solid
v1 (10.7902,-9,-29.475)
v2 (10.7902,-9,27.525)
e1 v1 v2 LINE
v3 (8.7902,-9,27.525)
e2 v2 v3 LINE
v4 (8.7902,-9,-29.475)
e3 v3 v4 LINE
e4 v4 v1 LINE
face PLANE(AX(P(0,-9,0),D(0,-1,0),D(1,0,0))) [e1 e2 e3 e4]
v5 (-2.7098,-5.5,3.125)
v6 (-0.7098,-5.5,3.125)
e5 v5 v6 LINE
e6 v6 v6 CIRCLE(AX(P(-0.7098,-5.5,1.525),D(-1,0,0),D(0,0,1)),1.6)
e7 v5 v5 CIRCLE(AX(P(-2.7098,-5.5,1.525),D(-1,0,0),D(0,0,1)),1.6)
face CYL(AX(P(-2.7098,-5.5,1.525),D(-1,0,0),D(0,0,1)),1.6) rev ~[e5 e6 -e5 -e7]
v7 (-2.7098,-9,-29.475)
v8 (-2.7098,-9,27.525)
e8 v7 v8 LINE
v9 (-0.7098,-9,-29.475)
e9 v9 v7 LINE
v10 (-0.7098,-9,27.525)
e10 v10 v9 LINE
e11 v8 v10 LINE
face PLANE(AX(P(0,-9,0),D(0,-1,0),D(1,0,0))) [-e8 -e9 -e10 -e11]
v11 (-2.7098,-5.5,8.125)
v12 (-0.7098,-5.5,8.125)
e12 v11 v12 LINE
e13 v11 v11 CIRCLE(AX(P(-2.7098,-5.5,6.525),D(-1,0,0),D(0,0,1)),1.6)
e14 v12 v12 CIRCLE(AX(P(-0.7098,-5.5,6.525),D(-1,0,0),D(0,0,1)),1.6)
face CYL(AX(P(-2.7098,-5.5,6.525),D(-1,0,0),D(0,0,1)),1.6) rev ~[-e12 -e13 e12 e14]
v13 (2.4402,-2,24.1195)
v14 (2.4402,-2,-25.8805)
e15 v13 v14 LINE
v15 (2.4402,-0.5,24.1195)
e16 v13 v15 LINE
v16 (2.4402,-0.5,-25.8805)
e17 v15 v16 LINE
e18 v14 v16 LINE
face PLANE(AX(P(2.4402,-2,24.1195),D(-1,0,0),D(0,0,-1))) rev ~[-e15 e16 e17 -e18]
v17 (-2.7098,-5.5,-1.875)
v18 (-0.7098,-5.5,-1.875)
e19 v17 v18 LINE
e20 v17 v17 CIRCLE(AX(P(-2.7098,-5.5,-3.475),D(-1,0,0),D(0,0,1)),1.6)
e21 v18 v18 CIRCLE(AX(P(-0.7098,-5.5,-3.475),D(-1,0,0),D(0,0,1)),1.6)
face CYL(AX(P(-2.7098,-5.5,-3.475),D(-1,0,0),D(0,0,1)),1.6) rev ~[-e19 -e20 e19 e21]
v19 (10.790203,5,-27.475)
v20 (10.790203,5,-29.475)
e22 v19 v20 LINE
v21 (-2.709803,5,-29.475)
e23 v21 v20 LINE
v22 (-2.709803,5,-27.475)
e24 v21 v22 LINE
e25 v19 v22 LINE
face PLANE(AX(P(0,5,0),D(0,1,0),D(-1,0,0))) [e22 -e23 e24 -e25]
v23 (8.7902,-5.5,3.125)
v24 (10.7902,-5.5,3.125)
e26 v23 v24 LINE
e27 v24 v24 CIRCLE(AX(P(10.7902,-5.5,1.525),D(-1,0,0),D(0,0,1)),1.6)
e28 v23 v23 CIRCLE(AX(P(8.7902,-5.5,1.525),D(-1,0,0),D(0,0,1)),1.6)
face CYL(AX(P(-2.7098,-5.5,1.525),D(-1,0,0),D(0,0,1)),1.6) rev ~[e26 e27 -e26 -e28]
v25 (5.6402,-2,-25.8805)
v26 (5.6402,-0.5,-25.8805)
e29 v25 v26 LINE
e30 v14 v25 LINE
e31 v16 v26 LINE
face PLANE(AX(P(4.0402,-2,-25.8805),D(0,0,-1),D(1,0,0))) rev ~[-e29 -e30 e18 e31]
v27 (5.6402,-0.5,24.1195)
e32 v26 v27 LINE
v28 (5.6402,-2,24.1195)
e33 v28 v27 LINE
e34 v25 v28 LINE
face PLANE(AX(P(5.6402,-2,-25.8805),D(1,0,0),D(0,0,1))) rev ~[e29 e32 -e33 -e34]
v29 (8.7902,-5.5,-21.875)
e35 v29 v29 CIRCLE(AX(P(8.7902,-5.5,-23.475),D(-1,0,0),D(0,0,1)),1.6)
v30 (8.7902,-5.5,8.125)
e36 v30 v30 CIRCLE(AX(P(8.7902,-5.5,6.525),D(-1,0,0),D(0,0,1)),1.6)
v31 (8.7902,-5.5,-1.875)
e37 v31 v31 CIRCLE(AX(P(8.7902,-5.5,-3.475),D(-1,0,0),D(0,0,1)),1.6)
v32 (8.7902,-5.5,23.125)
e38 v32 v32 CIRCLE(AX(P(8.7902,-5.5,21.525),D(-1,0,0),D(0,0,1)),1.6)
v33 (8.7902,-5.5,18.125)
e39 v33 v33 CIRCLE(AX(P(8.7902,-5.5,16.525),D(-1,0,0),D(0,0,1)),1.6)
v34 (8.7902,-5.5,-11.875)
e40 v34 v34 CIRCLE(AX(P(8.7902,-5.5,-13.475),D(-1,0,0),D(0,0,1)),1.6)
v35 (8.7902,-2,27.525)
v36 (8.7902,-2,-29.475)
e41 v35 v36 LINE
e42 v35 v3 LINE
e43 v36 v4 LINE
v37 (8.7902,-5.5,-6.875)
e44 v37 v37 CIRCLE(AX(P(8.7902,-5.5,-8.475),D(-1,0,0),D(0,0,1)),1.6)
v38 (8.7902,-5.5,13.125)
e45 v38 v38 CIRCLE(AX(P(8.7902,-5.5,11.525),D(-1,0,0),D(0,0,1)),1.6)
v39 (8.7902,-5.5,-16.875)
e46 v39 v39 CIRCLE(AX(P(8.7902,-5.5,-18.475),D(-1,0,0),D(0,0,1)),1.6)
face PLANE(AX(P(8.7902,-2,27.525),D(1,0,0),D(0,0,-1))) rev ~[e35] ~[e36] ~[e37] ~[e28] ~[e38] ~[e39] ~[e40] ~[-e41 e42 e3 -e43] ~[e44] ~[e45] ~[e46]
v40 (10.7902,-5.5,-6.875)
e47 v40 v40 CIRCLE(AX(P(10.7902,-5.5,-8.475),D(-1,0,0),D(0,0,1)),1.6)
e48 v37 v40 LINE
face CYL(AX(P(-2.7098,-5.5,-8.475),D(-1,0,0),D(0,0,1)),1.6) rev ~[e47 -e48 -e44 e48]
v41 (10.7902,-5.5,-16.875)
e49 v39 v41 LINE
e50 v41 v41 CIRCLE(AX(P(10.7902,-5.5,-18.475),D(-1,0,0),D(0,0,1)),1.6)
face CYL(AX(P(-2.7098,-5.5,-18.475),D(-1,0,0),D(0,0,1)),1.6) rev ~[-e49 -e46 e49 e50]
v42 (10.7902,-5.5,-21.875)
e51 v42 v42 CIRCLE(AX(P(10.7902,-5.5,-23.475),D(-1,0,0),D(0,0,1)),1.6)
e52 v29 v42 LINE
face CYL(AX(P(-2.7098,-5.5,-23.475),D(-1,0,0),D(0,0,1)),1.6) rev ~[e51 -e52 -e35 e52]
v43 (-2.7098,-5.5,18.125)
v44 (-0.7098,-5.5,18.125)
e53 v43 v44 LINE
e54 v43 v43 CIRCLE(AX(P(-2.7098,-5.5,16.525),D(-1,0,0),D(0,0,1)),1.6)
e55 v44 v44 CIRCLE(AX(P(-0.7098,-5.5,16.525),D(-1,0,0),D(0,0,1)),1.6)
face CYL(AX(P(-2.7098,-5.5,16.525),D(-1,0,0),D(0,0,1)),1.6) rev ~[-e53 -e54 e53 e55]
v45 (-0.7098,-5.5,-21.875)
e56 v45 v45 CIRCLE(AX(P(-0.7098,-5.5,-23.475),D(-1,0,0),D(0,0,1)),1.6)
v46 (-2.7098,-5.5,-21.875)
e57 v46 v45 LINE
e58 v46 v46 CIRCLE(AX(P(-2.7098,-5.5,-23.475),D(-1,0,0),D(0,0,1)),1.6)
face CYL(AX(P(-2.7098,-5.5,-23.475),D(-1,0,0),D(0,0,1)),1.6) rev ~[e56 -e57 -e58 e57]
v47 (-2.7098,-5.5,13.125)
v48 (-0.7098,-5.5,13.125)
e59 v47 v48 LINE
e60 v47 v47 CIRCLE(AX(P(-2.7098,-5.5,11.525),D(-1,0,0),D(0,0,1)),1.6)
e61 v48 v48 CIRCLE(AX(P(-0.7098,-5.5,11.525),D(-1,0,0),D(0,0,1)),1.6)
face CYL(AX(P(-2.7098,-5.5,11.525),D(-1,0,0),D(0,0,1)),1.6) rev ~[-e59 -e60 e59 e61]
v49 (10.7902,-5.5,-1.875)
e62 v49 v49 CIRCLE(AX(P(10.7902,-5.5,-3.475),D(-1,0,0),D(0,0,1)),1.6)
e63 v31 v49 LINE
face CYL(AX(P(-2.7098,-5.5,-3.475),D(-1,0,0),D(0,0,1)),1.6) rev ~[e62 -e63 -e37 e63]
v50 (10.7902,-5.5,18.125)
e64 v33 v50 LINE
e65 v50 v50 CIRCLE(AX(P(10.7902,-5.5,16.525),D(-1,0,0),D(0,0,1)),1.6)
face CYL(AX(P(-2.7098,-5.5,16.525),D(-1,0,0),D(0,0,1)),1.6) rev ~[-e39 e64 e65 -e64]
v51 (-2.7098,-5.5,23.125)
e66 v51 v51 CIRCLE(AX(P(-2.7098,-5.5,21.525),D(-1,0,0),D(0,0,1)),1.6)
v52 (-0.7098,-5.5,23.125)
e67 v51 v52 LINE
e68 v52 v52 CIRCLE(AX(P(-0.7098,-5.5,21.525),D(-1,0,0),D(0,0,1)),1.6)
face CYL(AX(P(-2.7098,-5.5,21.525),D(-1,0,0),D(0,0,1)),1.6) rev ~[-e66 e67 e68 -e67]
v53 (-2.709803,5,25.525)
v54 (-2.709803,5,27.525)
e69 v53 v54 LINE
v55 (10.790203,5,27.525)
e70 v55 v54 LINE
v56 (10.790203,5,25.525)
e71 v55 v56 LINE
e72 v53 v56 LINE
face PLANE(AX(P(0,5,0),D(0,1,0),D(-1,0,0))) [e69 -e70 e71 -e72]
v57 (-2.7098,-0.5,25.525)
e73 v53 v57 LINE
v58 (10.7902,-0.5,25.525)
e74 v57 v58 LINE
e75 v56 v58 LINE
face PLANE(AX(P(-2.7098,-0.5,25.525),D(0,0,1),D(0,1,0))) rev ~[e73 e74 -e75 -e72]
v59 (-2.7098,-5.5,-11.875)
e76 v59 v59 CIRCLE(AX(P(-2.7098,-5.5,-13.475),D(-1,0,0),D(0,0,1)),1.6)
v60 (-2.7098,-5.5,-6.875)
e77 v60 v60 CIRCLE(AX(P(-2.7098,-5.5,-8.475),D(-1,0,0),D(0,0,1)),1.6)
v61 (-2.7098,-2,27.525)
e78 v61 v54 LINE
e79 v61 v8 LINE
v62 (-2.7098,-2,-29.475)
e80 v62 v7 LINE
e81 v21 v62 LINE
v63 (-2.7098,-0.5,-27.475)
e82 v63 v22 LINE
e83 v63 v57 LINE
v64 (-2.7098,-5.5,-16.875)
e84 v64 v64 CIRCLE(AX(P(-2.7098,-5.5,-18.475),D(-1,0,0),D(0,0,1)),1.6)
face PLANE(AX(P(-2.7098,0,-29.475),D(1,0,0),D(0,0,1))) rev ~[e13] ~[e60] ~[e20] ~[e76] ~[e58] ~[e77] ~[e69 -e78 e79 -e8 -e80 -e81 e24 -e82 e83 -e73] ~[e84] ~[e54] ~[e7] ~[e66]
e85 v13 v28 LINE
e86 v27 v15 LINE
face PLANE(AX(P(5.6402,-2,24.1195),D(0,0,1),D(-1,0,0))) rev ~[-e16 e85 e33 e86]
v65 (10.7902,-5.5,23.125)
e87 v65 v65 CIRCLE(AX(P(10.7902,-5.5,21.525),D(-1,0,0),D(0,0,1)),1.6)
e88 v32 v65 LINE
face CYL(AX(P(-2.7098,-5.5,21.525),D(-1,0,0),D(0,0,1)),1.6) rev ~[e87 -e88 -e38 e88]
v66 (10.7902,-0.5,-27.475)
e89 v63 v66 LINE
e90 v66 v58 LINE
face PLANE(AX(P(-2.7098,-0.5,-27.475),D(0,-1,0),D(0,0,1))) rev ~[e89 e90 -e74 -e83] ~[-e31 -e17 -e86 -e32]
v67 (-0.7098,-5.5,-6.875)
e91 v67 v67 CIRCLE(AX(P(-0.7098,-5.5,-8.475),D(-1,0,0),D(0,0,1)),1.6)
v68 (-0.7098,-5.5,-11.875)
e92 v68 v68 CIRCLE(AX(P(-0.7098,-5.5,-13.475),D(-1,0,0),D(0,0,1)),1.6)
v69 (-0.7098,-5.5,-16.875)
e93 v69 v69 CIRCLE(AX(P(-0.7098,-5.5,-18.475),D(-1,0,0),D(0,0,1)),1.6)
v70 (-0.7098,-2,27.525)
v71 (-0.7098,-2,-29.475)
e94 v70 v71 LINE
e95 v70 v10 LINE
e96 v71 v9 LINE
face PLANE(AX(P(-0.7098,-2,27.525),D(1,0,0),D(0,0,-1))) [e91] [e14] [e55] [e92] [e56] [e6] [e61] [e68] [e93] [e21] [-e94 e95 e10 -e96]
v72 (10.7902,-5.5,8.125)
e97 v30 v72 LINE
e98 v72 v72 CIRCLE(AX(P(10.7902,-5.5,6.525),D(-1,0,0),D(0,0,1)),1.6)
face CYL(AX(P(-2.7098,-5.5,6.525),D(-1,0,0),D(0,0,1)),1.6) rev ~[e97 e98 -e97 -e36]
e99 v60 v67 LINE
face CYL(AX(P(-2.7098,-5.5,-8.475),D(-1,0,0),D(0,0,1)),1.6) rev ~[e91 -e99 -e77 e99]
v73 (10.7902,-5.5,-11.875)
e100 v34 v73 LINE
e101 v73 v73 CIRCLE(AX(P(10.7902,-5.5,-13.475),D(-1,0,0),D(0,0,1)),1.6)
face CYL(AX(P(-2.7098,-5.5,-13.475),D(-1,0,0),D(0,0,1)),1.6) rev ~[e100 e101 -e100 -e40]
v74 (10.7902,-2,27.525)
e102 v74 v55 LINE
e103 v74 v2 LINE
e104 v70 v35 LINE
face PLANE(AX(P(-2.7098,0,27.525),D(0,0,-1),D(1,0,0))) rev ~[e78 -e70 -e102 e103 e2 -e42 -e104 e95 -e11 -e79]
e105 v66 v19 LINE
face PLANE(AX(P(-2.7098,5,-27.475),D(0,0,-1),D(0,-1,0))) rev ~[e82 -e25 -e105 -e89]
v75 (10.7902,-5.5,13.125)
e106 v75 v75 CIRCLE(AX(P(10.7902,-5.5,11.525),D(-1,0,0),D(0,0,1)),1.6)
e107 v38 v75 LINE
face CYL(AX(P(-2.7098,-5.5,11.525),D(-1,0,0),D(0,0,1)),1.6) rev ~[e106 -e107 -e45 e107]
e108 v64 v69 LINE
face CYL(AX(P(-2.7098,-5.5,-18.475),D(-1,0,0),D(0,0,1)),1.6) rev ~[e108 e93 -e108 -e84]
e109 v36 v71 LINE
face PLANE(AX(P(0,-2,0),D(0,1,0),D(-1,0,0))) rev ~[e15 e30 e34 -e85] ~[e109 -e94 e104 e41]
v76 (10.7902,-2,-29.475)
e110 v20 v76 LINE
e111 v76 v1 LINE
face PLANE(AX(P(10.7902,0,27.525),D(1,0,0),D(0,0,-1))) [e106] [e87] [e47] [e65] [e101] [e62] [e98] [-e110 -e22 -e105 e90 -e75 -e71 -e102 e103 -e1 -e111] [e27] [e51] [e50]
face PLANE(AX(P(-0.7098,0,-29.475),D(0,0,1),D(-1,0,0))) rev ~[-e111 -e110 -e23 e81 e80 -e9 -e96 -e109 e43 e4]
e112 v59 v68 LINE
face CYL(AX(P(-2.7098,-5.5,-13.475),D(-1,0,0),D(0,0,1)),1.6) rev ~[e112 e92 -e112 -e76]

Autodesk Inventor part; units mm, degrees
ref_plane "YZ Plane" through (0, 0, 0) normal (1, 0, 0) x (0, 1, 0)
ref_plane "XZ Plane" through (0, 0, 0) normal (0, 1, 0) x (-1, 0, 0)
ref_plane "XY Plane" through (0, 0, 0) normal (0, 0, 1) x (1, 0, 0)
sketch "Sketch1" plane through (0, 0, 0) normal (0, 1, 0) x (-1, 0, 0)
  line L0 (2.7098, 27.525) -> (-10.7902, 27.525)
  line L1 (-10.7902, 27.525) -> (-10.7902, -29.475)
  line L2 (-10.7902, -29.475) -> (2.7098, -29.475)
  line L3 (2.7098, -29.475) -> (2.7098, 27.525)
  line L4 (-4.0402, 27.525) -> (-4.0402, -29.475)
  line L5 (0.7098, 27.525) -> (0.7098, -29.475)
  line L6 (-8.7902, 27.525) -> (-8.7902, -29.475)
  line L7 (-8.7902, 27.525) -> (-10.7902, 27.525)
  line L8 (-10.7902, 27.525) -> (-10.7902, -29.475)
  line L9 (-10.7902, -29.475) -> (-8.7902, -29.475)
  line L10 (-8.7902, -29.475) -> (-8.7902, 27.525)
  line L11 (2.7098, -29.475) -> (0.7098, -29.475)
  line L12 (0.7098, -29.475) -> (0.7098, 27.525)
  line L13 (0.7098, 27.525) -> (2.7098, 27.525)
  line L14 (2.7098, 27.525) -> (2.7098, -29.475)
  dimension "d31" = 57
  dimension "d33" = 2
  dimension "d34" = 9.5
extrude "Extrusion6" add sketch "Sketch1" along normal blind 5 contours L3 L2 L5 L0 | L6 L2 L1 L0
extrude "Extrusion7" add sketch "Sketch1" against normal blind 2
sketch "Sketch4" plane through (-2.7098, 5, -29.475) normal (-1, 0, 0) x (0, 0, 1)
  line L0 (57, -7) -> (57, 0) construction
  line L1 (0, 0) -> (57, 0) construction
  line L2 (0, -7) -> (0, 0) construction
  line L3 (57, -7) -> (0, -7) construction
  line L4 (55, 0) -> (2, 0)
  line L5 (2, 0) -> (2, -5.5)
  line L6 (2, -5.5) -> (55, -5.5)
  line L7 (55, -5.5) -> (55, 0)
  point P0 (29.475, -5)
  dimension "d39" = 2
  dimension "d40" = 2
  dimension "d41" = 1.5
extrude "Extrusion8" cut sketch "Sketch4" against normal up to surface (13.5 mm away)
sketch "Sketch5" plane through (8.7902, 0, 27.525) normal (-1, 0, 0) x (0, 0, 1)
  line L0 (-2, 5) -> (-2, 0) projected
  line L1 (-2, 0) -> (0, 0) projected
  line L2 (0, 0) -> (0, 5) projected
  line L3 (-2, 5) -> (0, 5) projected
  line L4 (-55, 0) -> (-55, 5) projected
  line L5 (-57, 5) -> (-55, 5) projected
  line L6 (-57, 0) -> (-57, 5) projected
  line L7 (-57, 0) -> (-55, 0) projected
  point P0 (-27.525, 0)
extrude "Extrusion9" add sketch "Sketch5" along normal through all both and the other way through all
sketch "Sketch6" plane through (0, -2, 0) normal (0, -1, 0) x (1, 0, 0)
  line L0 (10.7902, 27.525) -> (-2.7098, 27.525) construction
  line L1 (-2.7098, 27.525) -> (-2.7098, -29.475) construction
  line L2 (-2.7098, -29.475) -> (10.7902, -29.475) construction
  line L3 (10.7902, -29.475) -> (10.7902, 27.525) construction
  line L4 (4.0402, 32.9205) -> (4.0402, -29.475)
  line L5 (5.6402, 24.1195) -> (2.4402, 24.1195)
  line L6 (2.4402, 24.1195) -> (2.4402, -25.8805)
  line L7 (2.4402, -25.8805) -> (5.6402, -25.8805)
  line L8 (5.6402, -25.8805) -> (5.6402, 24.1195)
  point P0 (0, 0)
  dimension "d46" = 50
  dimension "d47" = 3.2
extrude "Extrusion10" cut sketch "Sketch6" against normal through all
sketch "Sketch7" plane through (0, -2, 0) normal (0, -1, 0) x (1, 0, 0)
  line L0 (2.4402, -25.8805) -> (2.4402, 24.1195) construction
  line L1 (2.4402, 24.1195) -> (5.6402, 24.1195) construction
  line L2 (5.6402, 24.1195) -> (5.6402, -25.8805) construction
  line L3 (5.6402, -25.8805) -> (2.4402, -25.8805) construction
  line L4 (10.7902, 27.525) -> (-2.7098, 27.525) construction
  line L5 (-2.7098, 27.525) -> (-2.7098, -29.475) construction
  line L6 (-2.7098, -29.475) -> (10.7902, -29.475) construction
  line L7 (10.7902, -29.475) -> (10.7902, 27.525) construction
  line L8 (-2.7098, 27.525) -> (-0.7098, 27.525)
  line L9 (-0.7098, 27.525) -> (-0.7098, -29.475)
  line L10 (-0.7098, -29.475) -> (-2.7098, -29.475)
  line L11 (-2.7098, -29.475) -> (-2.7098, 27.525)
  line L12 (10.7902, 27.525) -> (8.7902, 27.525)
  line L13 (8.7902, 27.525) -> (8.7902, -29.475)
  line L14 (8.7902, -29.475) -> (10.7902, -29.475)
  line L15 (10.7902, -29.475) -> (10.7902, 27.525)
  line L16 (-2.7098, -29.475) -> (10.7902, -29.475) projected
  point P0 (0, 0)
  dimension "d50" = 2
  dimension "d51" = 2
extrude "Extrusion11" add sketch "Sketch7" along normal blind 7
sketch "Sketch8" plane through (-2.7098, -0.5, 25.525) normal (-1, 0, 0) x (0, 0, 1)
  line L0 (2, -8.5) -> (2, 5.5) construction
  line L1 (0, 5.5) -> (2, 5.5) construction
  line L2 (0, 5.5) -> (0, 0) construction
  line L3 (0, 0) -> (-53, 0) construction
  line L4 (-53, 0) -> (-53, 5.5) construction
  line L5 (-55, 5.5) -> (-53, 5.5) construction
  line L6 (-55, -8.5) -> (-55, 5.5) construction
  line L7 (2, -8.5) -> (-55, -8.5) construction
  line L8 (-55, -8.5) -> (-55, 5.5) construction
  line L9 (2, -8.5) -> (-55, -8.5) construction
  line L10 (-55, -8.5) -> (-55, 0) construction
  line L11 (-55, 0) -> (2, 0) construction
  line L12 (2, 0) -> (2, -8.5) construction
  circle A0 centre (-4, -5) radius 1.6
  point P0 (-25.525, 0.5)
  dimension "d54" = 3.2
  dimension "d55" = 5
  dimension "d56" = 6
extrude "Extrusion12" cut sketch "Sketch8" against normal through all
pattern_linear "Rectangular Pattern3" count 10 spacing 5 along (0, 0, -1) of "Extrusion12"
properties part number "slider-rail-adapter"
